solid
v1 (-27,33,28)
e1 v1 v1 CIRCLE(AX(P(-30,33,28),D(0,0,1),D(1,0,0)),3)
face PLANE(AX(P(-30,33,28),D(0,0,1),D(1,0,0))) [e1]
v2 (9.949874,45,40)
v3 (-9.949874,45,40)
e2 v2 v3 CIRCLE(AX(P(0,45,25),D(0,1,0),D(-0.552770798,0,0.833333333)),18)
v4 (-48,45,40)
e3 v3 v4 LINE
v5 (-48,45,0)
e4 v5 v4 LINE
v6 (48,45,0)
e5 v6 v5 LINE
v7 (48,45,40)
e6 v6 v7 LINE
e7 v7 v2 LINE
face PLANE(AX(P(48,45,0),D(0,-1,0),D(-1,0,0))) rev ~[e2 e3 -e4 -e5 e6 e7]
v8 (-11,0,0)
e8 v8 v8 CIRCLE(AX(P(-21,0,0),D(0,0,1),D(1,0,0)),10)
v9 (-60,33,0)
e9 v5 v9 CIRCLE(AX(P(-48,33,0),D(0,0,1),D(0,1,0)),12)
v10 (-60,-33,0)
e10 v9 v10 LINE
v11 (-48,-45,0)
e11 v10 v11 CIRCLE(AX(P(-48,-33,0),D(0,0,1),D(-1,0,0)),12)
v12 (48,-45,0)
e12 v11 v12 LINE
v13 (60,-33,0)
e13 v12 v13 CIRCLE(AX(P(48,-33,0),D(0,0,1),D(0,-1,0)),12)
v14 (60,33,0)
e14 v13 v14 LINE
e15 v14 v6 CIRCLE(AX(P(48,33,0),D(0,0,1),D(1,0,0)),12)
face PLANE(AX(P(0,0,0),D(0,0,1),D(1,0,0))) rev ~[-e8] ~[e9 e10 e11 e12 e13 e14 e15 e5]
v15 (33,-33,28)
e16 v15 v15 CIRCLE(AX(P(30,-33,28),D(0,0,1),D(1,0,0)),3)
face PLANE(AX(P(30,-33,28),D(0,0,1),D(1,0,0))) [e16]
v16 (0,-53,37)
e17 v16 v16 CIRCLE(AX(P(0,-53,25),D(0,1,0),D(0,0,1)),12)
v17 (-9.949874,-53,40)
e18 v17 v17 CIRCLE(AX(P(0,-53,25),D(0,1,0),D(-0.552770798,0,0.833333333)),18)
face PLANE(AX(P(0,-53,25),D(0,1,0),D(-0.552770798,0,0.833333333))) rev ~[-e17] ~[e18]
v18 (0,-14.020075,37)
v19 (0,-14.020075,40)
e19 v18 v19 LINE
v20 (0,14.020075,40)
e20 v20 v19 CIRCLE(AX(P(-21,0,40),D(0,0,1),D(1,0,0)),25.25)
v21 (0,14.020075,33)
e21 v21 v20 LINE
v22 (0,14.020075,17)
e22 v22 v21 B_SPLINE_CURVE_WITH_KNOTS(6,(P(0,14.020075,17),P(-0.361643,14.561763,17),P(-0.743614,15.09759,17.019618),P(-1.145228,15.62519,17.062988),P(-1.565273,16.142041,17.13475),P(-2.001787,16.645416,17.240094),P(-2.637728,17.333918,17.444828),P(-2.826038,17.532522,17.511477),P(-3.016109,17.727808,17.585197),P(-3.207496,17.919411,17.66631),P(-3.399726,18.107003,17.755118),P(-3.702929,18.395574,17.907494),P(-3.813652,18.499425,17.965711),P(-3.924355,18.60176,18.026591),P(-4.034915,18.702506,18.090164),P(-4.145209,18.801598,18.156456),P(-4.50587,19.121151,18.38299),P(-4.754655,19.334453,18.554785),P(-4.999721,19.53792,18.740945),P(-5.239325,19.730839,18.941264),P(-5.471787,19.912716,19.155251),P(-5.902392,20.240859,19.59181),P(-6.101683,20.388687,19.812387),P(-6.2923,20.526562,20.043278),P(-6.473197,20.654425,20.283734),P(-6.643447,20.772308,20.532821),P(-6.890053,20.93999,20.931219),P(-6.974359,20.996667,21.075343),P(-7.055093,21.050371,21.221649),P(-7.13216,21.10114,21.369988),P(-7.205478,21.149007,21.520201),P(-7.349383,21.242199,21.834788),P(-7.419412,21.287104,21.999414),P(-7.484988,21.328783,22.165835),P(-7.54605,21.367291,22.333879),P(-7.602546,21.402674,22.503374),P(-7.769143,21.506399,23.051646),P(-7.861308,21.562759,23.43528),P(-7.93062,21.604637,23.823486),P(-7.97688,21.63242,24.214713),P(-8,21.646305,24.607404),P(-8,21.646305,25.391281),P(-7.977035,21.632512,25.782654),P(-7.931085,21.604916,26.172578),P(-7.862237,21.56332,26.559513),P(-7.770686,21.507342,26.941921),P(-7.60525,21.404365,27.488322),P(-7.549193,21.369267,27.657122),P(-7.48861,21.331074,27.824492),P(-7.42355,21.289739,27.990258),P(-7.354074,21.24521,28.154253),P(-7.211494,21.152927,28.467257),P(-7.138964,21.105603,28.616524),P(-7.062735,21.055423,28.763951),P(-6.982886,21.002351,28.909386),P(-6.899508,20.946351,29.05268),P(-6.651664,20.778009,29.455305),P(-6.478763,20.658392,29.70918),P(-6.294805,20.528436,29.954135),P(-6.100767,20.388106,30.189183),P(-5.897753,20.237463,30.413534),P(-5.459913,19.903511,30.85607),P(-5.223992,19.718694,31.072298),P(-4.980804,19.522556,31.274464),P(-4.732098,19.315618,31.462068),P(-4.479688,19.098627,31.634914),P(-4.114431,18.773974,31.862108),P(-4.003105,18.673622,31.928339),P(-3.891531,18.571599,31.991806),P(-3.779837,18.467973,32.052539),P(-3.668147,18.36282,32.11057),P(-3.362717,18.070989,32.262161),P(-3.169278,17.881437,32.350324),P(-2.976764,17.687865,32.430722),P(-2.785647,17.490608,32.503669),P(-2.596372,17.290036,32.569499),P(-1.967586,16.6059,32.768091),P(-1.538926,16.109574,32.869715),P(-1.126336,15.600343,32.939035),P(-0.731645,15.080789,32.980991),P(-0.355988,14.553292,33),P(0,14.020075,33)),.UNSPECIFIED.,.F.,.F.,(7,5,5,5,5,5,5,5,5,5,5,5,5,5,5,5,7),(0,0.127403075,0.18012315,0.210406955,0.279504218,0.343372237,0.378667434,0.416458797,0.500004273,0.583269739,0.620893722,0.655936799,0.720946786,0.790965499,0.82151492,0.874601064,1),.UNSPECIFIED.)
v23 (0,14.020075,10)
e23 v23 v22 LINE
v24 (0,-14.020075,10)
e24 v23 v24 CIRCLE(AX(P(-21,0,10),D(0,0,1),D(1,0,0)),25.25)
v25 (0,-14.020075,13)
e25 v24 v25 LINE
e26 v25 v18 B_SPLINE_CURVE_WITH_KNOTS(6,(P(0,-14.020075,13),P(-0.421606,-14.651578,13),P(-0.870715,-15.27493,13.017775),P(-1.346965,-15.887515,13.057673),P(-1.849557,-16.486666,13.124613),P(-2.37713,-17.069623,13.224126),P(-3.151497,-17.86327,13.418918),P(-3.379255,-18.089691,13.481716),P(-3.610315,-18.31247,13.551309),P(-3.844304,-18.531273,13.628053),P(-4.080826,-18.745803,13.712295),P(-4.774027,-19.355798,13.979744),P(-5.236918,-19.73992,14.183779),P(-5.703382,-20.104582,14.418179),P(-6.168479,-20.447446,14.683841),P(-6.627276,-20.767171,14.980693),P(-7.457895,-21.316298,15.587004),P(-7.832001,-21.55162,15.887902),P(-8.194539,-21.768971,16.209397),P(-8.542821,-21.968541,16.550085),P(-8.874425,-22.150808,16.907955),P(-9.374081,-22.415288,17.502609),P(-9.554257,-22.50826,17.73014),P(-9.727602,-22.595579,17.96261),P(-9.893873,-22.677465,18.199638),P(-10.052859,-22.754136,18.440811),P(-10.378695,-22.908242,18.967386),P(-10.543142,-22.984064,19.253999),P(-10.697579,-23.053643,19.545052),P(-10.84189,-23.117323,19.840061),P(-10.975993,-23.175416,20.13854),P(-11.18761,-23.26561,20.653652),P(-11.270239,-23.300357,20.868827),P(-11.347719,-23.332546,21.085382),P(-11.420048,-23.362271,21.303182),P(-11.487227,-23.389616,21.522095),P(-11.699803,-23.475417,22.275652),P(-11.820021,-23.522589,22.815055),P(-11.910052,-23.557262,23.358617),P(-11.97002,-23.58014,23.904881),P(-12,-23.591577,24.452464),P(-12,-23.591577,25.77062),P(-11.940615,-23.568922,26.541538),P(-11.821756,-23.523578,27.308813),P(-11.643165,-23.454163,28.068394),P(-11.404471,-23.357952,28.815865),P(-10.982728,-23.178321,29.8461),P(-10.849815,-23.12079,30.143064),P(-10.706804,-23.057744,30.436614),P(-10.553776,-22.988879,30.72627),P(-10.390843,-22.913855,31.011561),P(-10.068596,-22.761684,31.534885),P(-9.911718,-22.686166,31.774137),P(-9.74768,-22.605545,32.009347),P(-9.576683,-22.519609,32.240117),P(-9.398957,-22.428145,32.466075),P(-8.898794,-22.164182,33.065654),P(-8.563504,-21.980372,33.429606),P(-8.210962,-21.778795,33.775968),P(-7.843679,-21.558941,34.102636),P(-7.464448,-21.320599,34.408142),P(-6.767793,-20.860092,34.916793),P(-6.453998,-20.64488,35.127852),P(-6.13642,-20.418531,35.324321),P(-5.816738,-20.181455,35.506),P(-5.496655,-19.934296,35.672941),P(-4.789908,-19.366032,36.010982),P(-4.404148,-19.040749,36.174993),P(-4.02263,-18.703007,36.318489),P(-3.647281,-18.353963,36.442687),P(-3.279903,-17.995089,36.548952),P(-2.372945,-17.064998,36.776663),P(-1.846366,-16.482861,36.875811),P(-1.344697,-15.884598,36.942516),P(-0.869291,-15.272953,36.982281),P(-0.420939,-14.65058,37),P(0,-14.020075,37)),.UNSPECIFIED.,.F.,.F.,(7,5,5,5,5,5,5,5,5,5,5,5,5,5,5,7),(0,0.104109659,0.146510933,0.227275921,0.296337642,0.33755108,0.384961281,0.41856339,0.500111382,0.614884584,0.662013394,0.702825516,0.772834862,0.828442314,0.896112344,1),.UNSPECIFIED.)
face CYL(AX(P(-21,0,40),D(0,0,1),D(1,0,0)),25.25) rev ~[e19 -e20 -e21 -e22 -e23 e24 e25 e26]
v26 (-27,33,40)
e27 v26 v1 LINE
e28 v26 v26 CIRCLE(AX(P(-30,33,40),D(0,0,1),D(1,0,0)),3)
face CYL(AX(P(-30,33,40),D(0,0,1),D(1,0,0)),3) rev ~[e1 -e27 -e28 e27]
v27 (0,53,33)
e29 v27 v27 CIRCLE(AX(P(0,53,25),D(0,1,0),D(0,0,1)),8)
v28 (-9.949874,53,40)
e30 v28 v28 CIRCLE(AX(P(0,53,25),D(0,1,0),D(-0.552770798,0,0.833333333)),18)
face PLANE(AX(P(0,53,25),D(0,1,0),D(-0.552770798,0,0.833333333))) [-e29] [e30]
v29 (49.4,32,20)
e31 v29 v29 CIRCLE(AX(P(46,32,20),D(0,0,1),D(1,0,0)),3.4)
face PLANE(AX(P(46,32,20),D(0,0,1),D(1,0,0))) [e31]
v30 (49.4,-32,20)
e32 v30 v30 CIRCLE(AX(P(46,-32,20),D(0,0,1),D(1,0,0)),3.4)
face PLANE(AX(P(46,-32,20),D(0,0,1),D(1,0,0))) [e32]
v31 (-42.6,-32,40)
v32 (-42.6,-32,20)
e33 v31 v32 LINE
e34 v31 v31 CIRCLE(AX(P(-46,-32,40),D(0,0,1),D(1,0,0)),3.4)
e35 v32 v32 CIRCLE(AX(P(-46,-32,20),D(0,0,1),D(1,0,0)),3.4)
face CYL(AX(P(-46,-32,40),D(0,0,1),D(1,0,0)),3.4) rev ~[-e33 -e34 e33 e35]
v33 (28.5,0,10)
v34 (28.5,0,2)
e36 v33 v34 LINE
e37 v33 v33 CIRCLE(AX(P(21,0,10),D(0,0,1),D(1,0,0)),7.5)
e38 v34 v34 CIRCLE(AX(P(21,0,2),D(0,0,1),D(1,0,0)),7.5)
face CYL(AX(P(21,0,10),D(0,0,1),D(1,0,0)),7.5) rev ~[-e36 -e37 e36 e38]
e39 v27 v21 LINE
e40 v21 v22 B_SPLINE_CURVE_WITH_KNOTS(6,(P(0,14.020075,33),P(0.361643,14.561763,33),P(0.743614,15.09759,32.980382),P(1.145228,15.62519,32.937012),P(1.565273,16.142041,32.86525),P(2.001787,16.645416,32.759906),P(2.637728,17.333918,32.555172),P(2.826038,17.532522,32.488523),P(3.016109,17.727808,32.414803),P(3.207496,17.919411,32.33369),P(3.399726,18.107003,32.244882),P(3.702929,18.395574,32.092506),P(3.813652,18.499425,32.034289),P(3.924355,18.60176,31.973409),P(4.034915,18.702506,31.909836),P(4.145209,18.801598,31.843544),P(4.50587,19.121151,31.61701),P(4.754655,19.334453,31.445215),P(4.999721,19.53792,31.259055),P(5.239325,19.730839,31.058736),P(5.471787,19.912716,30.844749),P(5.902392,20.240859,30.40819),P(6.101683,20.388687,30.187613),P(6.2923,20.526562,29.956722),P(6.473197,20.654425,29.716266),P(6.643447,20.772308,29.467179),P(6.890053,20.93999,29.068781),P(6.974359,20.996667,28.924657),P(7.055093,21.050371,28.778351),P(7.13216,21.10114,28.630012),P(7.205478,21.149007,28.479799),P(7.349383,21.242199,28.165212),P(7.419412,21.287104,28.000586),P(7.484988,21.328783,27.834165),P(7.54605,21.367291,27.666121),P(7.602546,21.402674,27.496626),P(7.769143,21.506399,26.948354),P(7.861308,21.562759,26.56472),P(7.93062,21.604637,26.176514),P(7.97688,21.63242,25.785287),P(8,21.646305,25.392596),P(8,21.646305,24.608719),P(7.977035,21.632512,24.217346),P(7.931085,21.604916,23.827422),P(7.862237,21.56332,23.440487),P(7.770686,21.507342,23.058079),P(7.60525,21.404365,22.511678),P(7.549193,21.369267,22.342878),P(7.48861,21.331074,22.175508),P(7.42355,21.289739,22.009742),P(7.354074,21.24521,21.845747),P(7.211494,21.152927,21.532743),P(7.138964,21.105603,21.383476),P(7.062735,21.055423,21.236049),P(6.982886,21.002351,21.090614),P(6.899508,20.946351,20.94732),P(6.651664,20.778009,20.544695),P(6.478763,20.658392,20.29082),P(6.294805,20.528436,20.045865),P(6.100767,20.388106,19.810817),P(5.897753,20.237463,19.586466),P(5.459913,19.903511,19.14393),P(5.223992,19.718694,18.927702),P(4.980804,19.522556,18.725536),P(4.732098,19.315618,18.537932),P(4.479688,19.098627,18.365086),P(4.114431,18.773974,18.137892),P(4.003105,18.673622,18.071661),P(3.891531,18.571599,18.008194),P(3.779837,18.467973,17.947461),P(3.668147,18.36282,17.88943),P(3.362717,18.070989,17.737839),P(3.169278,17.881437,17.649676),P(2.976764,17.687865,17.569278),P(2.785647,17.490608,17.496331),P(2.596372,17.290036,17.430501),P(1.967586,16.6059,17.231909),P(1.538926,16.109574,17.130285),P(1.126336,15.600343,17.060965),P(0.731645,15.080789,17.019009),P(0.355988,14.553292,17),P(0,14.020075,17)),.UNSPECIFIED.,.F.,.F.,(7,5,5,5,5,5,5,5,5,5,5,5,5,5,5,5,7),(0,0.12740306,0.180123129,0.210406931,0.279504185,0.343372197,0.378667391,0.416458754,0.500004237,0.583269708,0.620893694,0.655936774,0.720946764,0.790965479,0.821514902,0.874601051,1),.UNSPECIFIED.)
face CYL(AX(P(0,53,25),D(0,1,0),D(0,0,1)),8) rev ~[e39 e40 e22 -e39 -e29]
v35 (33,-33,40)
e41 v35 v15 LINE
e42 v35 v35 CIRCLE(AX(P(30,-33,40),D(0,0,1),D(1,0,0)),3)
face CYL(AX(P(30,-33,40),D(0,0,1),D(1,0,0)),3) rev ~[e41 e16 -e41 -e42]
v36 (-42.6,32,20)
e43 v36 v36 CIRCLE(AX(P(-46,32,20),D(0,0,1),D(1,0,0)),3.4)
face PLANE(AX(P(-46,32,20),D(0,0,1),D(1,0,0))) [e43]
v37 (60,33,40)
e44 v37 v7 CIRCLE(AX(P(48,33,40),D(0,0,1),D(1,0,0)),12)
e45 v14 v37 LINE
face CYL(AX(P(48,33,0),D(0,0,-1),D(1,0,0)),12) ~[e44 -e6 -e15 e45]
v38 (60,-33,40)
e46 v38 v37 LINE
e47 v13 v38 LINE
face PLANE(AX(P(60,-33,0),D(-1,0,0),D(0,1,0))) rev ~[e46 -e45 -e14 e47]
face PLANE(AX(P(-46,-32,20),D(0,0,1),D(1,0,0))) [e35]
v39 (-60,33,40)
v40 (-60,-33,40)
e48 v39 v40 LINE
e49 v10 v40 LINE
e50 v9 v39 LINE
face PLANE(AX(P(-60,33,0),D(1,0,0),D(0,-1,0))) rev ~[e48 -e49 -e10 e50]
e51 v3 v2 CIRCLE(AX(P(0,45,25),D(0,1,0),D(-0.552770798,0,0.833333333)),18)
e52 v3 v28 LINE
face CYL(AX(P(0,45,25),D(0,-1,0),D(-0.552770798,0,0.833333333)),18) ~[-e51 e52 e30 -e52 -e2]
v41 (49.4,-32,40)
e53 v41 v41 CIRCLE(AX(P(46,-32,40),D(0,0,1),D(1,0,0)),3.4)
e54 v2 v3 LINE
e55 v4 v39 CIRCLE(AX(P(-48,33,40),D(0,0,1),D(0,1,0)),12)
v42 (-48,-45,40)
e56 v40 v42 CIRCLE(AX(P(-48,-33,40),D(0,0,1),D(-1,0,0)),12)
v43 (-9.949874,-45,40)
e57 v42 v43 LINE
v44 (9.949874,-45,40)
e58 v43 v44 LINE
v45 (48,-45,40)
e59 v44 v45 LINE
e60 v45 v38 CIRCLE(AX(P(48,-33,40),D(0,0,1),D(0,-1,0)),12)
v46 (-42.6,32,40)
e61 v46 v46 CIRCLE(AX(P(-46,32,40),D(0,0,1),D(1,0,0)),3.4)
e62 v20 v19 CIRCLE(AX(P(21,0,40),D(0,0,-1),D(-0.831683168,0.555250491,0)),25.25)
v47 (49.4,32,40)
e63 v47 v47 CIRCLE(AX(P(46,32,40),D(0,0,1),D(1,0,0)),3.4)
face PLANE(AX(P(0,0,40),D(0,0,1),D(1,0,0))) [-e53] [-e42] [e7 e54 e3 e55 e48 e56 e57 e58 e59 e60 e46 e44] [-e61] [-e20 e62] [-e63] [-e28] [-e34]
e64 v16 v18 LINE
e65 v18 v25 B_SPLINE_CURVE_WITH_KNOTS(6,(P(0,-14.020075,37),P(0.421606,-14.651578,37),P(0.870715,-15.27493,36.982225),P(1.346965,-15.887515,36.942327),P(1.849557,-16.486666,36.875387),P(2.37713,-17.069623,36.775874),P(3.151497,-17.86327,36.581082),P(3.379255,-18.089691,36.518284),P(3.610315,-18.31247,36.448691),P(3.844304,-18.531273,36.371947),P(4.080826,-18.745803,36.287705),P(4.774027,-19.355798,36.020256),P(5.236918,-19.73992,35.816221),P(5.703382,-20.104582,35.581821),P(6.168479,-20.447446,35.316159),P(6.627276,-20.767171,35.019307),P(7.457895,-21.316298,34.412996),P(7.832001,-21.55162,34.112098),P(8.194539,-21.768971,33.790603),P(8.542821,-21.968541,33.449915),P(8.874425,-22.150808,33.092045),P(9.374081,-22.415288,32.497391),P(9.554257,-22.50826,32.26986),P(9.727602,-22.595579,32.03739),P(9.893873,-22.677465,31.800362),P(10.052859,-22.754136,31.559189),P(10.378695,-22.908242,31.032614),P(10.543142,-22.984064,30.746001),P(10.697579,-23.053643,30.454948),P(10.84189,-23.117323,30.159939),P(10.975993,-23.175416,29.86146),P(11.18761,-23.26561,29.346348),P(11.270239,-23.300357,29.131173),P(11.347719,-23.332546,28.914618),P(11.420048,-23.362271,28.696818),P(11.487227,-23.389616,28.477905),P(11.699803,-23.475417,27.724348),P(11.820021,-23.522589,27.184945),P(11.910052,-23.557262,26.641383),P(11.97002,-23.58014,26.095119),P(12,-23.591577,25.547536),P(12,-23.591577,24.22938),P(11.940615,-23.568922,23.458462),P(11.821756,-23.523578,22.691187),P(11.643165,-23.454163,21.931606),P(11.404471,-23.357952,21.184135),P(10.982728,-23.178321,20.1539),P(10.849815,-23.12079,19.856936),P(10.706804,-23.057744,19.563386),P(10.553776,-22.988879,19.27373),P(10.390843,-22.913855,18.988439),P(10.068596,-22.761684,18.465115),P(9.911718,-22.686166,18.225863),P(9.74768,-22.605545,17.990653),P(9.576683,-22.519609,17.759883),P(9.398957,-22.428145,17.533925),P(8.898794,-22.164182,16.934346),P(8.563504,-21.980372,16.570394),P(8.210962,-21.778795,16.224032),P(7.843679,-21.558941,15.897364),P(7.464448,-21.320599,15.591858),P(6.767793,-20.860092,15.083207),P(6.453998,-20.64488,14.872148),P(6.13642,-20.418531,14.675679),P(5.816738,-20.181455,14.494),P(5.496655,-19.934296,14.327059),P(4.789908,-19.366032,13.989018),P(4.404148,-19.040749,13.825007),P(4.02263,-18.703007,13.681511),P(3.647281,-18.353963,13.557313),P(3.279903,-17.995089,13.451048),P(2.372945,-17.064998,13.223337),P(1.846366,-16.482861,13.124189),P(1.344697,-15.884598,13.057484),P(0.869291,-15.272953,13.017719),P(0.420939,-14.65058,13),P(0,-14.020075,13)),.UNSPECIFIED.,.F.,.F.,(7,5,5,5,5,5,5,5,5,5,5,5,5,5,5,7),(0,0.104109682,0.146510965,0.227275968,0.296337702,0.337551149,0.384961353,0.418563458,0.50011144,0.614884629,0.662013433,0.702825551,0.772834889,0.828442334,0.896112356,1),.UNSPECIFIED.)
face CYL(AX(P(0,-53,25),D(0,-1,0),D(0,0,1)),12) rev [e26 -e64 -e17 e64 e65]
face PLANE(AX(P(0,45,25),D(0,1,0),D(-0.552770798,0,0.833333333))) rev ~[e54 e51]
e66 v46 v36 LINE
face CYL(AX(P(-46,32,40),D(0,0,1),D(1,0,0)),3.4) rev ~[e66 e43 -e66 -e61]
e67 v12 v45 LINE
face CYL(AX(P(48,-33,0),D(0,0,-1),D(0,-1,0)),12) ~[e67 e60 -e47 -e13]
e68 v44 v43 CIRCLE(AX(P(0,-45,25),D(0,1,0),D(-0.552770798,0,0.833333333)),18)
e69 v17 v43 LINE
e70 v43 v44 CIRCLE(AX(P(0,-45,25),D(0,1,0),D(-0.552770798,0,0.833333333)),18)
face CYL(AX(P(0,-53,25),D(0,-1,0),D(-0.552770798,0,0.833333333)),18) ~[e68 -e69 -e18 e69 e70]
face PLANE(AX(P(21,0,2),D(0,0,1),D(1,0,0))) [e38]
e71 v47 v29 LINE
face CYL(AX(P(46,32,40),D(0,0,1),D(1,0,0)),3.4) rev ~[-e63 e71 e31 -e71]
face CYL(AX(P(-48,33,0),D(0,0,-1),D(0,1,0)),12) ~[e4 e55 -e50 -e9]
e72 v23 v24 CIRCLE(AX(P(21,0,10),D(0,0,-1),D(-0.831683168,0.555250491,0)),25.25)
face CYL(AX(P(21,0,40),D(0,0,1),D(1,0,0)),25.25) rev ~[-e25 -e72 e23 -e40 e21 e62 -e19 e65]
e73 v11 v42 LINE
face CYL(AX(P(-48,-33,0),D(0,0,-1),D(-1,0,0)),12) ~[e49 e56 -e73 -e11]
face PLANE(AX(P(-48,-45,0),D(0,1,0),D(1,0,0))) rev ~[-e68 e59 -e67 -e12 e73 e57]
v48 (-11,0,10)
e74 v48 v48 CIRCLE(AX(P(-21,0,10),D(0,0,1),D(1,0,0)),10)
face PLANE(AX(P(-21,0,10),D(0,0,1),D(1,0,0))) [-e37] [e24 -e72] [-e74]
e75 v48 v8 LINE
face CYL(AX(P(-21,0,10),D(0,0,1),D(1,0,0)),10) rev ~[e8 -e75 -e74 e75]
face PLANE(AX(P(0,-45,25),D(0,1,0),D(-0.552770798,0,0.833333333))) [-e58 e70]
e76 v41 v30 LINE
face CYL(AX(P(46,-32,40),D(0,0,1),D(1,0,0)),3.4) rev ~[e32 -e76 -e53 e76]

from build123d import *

# Parameters (mm, degrees)
EXTRUDE_1_DEPTH     = 40
SKETCH_2_R          = 18
EXTRUDE_2_DEPTH     = 8
EXTRUDE_START       = -8
SKETCH_3_R          = 18
EXTRUDE_3_DEPTH     = 8
SKETCH_4_R          = 25.25
CUT_EXTRUDE_1_DEPTH = 30
SKETCH_5_R          = 25.25
CUT_EXTRUDE_2_DEPTH = 30
SKETCH_6_R          = 10
CUT_EXTRUDE_3_DEPTH = 10
SKETCH_7_R          = 7.5
CUT_EXTRUDE_4_DEPTH = 8
SKETCH_8_R          = 12
CUT_EXTRUDE_5_DEPTH = 40
SKETCH_9_R          = 8
CUT_EXTRUDE_6_DEPTH = 40
SKETCH_10_R         = 3.4
CUT_EXTRUDE_7_DEPTH = 20
SKETCH_11_R         = 3
CUT_EXTRUDE_8_DEPTH = 12


with BuildPart() as part:
    # 草图1 → 凸台-拉伸1 (new body)
    with BuildSketch(Plane.XY):
        with BuildLine():
            Line((-48, -45), (48, -45))
            ThreePointArc((48, -45), (56.485281374, -41.485281374), (60, -33))
            Line((60, -33), (60, 33))
            ThreePointArc((60, 33), (56.485281374, 41.485281374), (48, 45))
            Line((48, 45), (-48, 45))
            ThreePointArc((-48, 45), (-56.485281374, 41.485281374), (-60, 33))
            Line((-60, 33), (-60, -33))
            ThreePointArc((-60, -33), (-56.485281374, -41.485281374), (-48, -45))
        make_face()
    extrude(amount=EXTRUDE_1_DEPTH)

    # 草图2 → 凸台-拉伸2 (add)
    with BuildSketch(Plane(origin=(0, 45, 0), x_dir=(1, 0, 0), z_dir=(0, 1, 0))):
        with Locations(Location((0, -25, 0), (0, 0, 236.442690238))):
            Circle(SKETCH_2_R)
    extrude(amount=EXTRUDE_2_DEPTH)

    # 草图3 → 凸台-拉伸3 (add)
    with BuildSketch(Plane(origin=(0, -45, 0), x_dir=(1, 0, 0), z_dir=(0, 1, 0)).offset(EXTRUDE_START)):
        with Locations(Location((0, -25, 0), (0, 0, 236.442690238))):
            Circle(SKETCH_3_R)
    extrude(amount=EXTRUDE_3_DEPTH)

    # 草图4 → 切除-拉伸1 (cut)
    with BuildSketch(Plane.XY.offset(40)):
        with Locations((-21, 0)):
            Circle(SKETCH_4_R)
    extrude(amount=-CUT_EXTRUDE_1_DEPTH, mode=Mode.SUBTRACT)

    # 草图5 → 切除-拉伸2 (cut)
    with BuildSketch(Plane.XY.offset(40)):
        with Locations((21, 0)):
            Circle(SKETCH_5_R)
    extrude(amount=-CUT_EXTRUDE_2_DEPTH, mode=Mode.SUBTRACT)

    # 草图6 → 切除-拉伸3 (cut)
    with BuildSketch(Plane.XY.offset(10)):
        with Locations((-21, 0)):
            Circle(SKETCH_6_R)
    extrude(amount=-CUT_EXTRUDE_3_DEPTH, mode=Mode.SUBTRACT)

    # 草图7 → 切除-拉伸4 (cut)
    with BuildSketch(Plane.XY.offset(10)):
        with Locations((21, 0)):
            Circle(SKETCH_7_R)
    extrude(amount=-CUT_EXTRUDE_4_DEPTH, mode=Mode.SUBTRACT)

    # 草图8 → 切除-拉伸5 (cut)
    with BuildSketch(Plane(origin=(0, -53, 0), x_dir=(1, 0, 0), z_dir=(0, 1, 0))):
        with Locations(Location((0, -25, 0), (0, 0, 270))):
            Circle(SKETCH_8_R)
    extrude(amount=CUT_EXTRUDE_5_DEPTH, mode=Mode.SUBTRACT)

    # 草图9 → 切除-拉伸6 (cut)
    with BuildSketch(Plane(origin=(0, 53, 0), x_dir=(1, 0, 0), z_dir=(0, 1, 0))):
        with Locations(Location((0, -25, 0), (0, 0, 270))):
            Circle(SKETCH_9_R)
    extrude(amount=-CUT_EXTRUDE_6_DEPTH, mode=Mode.SUBTRACT)

    # 草图10 → 切除-拉伸7 (cut)
    with BuildSketch(Plane.XY.offset(40)):
        with Locations((-46, 32)):
            Circle(SKETCH_10_R)
        with Locations((46, 32)):
            Circle(SKETCH_10_R)
        with Locations((-46, -32)):
            Circle(SKETCH_10_R)
        with Locations((46, -32)):
            Circle(SKETCH_10_R)
    extrude(amount=-CUT_EXTRUDE_7_DEPTH, mode=Mode.SUBTRACT)

    # 草图11 → 切除-拉伸8 (cut)
    with BuildSketch(Plane.XY.offset(40)):
        with Locations((-30, 33)):
            Circle(SKETCH_11_R)
        with Locations((30, -33)):
            Circle(SKETCH_11_R)
    extrude(amount=-CUT_EXTRUDE_8_DEPTH, mode=Mode.SUBTRACT)


solid = part.part
